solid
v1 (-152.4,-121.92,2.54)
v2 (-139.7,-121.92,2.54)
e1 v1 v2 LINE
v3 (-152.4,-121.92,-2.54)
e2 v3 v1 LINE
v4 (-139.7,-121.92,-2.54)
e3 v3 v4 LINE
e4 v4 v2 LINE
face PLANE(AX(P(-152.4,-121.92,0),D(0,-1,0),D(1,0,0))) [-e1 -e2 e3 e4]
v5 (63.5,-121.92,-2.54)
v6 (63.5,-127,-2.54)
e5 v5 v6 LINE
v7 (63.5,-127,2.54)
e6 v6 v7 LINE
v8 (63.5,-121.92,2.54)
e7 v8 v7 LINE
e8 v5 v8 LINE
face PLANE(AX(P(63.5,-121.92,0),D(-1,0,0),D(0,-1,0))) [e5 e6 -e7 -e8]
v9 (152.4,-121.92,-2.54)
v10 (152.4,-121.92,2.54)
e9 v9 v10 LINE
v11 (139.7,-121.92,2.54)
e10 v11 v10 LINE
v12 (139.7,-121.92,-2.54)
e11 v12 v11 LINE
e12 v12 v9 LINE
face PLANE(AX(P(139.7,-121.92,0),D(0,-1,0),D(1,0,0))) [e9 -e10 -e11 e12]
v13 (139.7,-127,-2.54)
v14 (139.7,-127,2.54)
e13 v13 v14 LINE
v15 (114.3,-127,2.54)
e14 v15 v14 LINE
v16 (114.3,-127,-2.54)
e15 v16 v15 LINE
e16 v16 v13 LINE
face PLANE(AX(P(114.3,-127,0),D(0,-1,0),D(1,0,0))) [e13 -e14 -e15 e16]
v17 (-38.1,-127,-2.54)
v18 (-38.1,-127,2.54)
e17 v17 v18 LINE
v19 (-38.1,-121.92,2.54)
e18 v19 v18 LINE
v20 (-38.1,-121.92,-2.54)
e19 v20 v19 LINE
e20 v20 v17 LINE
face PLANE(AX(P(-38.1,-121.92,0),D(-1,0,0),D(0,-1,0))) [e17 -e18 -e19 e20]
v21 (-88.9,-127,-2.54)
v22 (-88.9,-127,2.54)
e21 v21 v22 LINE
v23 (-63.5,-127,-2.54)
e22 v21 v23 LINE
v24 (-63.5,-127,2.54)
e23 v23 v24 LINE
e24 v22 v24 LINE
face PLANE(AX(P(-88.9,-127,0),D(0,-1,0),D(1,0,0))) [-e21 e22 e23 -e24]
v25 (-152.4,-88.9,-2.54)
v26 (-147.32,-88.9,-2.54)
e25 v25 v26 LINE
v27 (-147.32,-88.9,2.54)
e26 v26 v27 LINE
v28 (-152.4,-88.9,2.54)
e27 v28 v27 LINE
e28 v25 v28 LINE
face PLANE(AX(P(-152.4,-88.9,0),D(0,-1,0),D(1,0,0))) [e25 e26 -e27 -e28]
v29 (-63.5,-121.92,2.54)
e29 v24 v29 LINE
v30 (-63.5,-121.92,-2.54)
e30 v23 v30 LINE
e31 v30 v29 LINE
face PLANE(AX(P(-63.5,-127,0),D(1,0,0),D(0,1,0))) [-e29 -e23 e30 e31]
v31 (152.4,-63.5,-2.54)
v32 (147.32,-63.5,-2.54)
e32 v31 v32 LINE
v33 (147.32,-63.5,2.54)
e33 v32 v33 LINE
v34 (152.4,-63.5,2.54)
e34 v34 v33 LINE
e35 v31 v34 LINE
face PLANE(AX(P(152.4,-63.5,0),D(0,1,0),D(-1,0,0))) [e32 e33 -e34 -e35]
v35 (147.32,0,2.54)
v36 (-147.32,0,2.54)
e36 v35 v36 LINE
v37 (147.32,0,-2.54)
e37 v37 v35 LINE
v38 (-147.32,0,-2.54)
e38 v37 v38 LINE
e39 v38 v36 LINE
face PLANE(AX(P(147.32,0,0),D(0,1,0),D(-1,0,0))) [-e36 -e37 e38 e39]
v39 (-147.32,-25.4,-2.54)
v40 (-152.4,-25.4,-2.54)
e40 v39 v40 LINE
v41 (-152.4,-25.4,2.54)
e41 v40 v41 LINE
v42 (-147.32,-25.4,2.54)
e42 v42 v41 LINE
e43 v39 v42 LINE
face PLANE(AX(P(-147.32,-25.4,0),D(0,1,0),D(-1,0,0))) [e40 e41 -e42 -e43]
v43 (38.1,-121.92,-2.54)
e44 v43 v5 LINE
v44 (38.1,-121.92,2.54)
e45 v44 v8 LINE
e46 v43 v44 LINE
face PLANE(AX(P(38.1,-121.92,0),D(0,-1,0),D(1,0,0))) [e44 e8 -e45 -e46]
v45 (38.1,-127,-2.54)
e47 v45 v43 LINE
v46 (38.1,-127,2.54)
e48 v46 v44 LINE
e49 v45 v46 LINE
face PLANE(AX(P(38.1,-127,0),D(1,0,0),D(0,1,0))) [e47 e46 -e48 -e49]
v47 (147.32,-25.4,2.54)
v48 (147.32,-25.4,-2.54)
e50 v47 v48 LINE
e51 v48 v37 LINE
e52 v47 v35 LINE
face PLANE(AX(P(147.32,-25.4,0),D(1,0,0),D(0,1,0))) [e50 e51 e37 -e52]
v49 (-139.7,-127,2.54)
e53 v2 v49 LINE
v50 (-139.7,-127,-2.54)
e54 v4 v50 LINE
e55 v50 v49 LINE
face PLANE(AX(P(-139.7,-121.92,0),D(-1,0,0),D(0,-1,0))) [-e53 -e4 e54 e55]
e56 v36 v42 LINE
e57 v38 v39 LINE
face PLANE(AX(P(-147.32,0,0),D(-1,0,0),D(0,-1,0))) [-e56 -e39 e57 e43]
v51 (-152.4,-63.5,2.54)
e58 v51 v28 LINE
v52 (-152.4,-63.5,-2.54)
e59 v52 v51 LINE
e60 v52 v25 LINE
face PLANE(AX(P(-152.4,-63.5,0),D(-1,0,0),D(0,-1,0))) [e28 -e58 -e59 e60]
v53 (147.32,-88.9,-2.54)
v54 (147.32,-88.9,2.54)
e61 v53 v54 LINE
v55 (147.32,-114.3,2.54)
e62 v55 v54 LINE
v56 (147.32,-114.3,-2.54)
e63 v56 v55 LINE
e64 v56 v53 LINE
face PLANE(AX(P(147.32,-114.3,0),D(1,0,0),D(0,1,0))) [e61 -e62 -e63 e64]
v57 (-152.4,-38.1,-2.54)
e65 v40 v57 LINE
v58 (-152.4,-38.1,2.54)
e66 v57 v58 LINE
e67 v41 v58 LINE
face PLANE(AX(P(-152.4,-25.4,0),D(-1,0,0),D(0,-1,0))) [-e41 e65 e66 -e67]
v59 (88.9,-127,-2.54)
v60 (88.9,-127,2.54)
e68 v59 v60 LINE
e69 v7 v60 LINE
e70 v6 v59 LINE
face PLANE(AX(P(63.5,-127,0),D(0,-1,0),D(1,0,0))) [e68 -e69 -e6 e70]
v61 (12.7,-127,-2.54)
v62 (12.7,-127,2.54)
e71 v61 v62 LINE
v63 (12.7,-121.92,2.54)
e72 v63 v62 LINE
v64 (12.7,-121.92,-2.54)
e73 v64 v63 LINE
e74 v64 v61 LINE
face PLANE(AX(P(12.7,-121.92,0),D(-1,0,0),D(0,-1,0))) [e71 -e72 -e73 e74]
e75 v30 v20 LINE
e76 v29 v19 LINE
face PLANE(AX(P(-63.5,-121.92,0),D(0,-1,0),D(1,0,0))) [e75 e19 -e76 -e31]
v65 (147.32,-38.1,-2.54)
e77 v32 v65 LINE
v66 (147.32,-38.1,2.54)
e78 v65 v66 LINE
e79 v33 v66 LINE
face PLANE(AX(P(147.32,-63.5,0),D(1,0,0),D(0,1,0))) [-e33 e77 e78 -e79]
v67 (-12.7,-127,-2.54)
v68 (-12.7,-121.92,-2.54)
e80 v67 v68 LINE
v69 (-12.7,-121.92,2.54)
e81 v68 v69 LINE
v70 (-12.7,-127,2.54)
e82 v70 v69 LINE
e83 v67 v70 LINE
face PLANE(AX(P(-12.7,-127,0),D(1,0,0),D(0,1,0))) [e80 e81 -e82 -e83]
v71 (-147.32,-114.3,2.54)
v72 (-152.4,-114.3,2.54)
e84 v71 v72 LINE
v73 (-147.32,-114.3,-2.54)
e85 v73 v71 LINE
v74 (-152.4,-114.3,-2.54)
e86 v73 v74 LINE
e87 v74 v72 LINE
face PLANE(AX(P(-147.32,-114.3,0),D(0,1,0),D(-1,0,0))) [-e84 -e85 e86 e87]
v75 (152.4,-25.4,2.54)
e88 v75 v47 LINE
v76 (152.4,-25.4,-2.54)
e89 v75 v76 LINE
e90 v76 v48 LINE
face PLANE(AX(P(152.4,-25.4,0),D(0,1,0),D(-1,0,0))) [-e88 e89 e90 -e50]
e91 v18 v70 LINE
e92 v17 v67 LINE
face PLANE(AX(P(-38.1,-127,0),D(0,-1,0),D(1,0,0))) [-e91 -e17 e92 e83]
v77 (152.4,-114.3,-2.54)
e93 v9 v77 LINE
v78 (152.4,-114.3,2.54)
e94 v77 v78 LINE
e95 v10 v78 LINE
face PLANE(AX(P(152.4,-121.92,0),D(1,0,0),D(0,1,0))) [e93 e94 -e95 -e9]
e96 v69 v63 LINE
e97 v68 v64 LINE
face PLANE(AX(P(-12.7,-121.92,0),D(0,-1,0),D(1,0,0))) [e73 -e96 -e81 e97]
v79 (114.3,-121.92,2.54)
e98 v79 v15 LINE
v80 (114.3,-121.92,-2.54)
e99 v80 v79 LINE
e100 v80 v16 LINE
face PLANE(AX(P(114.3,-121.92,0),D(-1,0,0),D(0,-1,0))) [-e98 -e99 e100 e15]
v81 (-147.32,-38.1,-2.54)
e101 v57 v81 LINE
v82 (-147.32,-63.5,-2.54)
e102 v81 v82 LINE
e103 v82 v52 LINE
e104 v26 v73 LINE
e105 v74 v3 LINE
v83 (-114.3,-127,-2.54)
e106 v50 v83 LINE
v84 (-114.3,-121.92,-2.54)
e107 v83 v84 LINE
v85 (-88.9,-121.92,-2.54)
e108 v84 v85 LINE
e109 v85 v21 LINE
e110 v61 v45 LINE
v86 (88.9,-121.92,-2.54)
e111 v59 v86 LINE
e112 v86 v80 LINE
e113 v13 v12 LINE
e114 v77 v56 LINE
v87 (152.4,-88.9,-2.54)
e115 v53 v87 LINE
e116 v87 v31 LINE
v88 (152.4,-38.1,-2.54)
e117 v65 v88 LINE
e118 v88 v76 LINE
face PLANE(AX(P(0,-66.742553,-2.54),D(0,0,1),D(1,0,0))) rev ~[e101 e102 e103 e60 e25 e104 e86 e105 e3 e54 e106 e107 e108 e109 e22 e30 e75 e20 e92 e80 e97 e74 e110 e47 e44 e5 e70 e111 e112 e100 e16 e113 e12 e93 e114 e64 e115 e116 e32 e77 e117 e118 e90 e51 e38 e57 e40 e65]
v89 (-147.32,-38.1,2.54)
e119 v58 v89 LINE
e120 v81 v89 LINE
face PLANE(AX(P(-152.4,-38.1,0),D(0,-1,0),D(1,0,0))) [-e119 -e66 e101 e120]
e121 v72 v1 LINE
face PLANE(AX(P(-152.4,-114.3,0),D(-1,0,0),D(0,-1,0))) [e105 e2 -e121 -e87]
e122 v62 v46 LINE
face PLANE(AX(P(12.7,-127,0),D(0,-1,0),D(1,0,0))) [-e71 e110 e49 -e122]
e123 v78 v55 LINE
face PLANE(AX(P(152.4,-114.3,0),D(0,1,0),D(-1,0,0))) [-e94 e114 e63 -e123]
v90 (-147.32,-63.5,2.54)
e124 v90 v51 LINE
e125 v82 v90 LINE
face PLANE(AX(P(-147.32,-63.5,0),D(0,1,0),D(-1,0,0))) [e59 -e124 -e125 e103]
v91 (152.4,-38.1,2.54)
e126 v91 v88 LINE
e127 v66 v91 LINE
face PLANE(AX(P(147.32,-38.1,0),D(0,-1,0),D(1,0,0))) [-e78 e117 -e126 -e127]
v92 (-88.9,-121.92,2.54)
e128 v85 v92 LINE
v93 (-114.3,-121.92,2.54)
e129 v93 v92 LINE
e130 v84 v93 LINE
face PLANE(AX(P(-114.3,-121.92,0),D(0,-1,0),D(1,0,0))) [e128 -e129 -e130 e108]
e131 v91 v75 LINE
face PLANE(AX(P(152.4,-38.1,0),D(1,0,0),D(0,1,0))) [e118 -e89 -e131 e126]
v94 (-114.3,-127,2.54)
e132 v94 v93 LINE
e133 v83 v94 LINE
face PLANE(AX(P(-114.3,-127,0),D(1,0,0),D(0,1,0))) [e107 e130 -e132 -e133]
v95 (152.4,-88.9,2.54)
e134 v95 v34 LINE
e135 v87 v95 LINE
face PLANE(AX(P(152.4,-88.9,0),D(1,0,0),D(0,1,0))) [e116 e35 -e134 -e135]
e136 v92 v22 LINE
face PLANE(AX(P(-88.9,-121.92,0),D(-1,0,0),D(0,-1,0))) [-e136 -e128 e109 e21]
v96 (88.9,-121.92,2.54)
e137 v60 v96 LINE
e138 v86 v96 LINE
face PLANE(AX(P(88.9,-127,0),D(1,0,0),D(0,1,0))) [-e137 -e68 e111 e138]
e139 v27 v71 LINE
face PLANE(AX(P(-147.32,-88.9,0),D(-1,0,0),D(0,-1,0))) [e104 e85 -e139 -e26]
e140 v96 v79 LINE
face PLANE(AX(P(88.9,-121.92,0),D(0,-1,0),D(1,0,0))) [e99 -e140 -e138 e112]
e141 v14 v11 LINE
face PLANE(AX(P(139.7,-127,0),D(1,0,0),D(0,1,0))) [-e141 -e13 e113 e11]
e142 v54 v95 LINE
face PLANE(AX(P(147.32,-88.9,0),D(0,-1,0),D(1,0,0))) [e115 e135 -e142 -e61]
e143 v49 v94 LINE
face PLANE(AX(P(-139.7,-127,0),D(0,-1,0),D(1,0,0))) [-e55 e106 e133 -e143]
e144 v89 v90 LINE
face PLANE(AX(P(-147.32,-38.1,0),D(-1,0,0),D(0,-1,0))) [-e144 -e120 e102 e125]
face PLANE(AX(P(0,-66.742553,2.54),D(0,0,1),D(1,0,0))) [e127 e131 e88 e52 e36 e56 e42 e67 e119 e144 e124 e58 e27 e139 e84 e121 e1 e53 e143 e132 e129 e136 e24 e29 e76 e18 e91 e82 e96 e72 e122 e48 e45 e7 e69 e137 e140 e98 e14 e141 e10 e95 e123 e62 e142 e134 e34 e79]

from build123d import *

# Parameters (mm, degrees)
BOSS_EXTRUDE1_DEPTH = 2.54


with BuildPart() as part:
    # Sketch1 → Boss-Extrude1 (new body, symmetric)
    with BuildSketch(Plane.XY):
        Polygon((147.32, -25.4), (147.32, 0), (-147.32, 0), (-147.32, -25.4), (-152.4, -25.4), (-152.4, -38.1), (-147.32, -38.1), (-147.32, -63.5), (-152.4, -63.5), (-152.4, -88.9), (-147.32, -88.9), (-147.32, -114.3), (-152.4, -114.3), (-152.4, -121.92), (-139.7, -121.92), (-139.7, -127), (-114.3, -127), (-114.3, -121.92), (-88.9, -121.92), (-88.9, -127), (-63.5, -127), (-63.5, -121.92), (-38.1, -121.92), (-38.1, -127), (-12.7, -127), (-12.7, -121.92), (12.7, -121.92), (12.7, -127), (38.1, -127), (38.1, -121.92), (63.5, -121.92), (63.5, -127), (88.9, -127), (88.9, -121.92), (114.3, -121.92), (114.3, -127), (139.7, -127), (139.7, -121.92), (152.4, -121.92), (152.4, -114.3), (147.32, -114.3), (147.32, -88.9), (152.4, -88.9), (152.4, -63.5), (147.32, -63.5), (147.32, -38.1), (152.4, -38.1), (152.4, -25.4), align=None)
    extrude(amount=BOSS_EXTRUDE1_DEPTH, both=True)


solid = part.part
